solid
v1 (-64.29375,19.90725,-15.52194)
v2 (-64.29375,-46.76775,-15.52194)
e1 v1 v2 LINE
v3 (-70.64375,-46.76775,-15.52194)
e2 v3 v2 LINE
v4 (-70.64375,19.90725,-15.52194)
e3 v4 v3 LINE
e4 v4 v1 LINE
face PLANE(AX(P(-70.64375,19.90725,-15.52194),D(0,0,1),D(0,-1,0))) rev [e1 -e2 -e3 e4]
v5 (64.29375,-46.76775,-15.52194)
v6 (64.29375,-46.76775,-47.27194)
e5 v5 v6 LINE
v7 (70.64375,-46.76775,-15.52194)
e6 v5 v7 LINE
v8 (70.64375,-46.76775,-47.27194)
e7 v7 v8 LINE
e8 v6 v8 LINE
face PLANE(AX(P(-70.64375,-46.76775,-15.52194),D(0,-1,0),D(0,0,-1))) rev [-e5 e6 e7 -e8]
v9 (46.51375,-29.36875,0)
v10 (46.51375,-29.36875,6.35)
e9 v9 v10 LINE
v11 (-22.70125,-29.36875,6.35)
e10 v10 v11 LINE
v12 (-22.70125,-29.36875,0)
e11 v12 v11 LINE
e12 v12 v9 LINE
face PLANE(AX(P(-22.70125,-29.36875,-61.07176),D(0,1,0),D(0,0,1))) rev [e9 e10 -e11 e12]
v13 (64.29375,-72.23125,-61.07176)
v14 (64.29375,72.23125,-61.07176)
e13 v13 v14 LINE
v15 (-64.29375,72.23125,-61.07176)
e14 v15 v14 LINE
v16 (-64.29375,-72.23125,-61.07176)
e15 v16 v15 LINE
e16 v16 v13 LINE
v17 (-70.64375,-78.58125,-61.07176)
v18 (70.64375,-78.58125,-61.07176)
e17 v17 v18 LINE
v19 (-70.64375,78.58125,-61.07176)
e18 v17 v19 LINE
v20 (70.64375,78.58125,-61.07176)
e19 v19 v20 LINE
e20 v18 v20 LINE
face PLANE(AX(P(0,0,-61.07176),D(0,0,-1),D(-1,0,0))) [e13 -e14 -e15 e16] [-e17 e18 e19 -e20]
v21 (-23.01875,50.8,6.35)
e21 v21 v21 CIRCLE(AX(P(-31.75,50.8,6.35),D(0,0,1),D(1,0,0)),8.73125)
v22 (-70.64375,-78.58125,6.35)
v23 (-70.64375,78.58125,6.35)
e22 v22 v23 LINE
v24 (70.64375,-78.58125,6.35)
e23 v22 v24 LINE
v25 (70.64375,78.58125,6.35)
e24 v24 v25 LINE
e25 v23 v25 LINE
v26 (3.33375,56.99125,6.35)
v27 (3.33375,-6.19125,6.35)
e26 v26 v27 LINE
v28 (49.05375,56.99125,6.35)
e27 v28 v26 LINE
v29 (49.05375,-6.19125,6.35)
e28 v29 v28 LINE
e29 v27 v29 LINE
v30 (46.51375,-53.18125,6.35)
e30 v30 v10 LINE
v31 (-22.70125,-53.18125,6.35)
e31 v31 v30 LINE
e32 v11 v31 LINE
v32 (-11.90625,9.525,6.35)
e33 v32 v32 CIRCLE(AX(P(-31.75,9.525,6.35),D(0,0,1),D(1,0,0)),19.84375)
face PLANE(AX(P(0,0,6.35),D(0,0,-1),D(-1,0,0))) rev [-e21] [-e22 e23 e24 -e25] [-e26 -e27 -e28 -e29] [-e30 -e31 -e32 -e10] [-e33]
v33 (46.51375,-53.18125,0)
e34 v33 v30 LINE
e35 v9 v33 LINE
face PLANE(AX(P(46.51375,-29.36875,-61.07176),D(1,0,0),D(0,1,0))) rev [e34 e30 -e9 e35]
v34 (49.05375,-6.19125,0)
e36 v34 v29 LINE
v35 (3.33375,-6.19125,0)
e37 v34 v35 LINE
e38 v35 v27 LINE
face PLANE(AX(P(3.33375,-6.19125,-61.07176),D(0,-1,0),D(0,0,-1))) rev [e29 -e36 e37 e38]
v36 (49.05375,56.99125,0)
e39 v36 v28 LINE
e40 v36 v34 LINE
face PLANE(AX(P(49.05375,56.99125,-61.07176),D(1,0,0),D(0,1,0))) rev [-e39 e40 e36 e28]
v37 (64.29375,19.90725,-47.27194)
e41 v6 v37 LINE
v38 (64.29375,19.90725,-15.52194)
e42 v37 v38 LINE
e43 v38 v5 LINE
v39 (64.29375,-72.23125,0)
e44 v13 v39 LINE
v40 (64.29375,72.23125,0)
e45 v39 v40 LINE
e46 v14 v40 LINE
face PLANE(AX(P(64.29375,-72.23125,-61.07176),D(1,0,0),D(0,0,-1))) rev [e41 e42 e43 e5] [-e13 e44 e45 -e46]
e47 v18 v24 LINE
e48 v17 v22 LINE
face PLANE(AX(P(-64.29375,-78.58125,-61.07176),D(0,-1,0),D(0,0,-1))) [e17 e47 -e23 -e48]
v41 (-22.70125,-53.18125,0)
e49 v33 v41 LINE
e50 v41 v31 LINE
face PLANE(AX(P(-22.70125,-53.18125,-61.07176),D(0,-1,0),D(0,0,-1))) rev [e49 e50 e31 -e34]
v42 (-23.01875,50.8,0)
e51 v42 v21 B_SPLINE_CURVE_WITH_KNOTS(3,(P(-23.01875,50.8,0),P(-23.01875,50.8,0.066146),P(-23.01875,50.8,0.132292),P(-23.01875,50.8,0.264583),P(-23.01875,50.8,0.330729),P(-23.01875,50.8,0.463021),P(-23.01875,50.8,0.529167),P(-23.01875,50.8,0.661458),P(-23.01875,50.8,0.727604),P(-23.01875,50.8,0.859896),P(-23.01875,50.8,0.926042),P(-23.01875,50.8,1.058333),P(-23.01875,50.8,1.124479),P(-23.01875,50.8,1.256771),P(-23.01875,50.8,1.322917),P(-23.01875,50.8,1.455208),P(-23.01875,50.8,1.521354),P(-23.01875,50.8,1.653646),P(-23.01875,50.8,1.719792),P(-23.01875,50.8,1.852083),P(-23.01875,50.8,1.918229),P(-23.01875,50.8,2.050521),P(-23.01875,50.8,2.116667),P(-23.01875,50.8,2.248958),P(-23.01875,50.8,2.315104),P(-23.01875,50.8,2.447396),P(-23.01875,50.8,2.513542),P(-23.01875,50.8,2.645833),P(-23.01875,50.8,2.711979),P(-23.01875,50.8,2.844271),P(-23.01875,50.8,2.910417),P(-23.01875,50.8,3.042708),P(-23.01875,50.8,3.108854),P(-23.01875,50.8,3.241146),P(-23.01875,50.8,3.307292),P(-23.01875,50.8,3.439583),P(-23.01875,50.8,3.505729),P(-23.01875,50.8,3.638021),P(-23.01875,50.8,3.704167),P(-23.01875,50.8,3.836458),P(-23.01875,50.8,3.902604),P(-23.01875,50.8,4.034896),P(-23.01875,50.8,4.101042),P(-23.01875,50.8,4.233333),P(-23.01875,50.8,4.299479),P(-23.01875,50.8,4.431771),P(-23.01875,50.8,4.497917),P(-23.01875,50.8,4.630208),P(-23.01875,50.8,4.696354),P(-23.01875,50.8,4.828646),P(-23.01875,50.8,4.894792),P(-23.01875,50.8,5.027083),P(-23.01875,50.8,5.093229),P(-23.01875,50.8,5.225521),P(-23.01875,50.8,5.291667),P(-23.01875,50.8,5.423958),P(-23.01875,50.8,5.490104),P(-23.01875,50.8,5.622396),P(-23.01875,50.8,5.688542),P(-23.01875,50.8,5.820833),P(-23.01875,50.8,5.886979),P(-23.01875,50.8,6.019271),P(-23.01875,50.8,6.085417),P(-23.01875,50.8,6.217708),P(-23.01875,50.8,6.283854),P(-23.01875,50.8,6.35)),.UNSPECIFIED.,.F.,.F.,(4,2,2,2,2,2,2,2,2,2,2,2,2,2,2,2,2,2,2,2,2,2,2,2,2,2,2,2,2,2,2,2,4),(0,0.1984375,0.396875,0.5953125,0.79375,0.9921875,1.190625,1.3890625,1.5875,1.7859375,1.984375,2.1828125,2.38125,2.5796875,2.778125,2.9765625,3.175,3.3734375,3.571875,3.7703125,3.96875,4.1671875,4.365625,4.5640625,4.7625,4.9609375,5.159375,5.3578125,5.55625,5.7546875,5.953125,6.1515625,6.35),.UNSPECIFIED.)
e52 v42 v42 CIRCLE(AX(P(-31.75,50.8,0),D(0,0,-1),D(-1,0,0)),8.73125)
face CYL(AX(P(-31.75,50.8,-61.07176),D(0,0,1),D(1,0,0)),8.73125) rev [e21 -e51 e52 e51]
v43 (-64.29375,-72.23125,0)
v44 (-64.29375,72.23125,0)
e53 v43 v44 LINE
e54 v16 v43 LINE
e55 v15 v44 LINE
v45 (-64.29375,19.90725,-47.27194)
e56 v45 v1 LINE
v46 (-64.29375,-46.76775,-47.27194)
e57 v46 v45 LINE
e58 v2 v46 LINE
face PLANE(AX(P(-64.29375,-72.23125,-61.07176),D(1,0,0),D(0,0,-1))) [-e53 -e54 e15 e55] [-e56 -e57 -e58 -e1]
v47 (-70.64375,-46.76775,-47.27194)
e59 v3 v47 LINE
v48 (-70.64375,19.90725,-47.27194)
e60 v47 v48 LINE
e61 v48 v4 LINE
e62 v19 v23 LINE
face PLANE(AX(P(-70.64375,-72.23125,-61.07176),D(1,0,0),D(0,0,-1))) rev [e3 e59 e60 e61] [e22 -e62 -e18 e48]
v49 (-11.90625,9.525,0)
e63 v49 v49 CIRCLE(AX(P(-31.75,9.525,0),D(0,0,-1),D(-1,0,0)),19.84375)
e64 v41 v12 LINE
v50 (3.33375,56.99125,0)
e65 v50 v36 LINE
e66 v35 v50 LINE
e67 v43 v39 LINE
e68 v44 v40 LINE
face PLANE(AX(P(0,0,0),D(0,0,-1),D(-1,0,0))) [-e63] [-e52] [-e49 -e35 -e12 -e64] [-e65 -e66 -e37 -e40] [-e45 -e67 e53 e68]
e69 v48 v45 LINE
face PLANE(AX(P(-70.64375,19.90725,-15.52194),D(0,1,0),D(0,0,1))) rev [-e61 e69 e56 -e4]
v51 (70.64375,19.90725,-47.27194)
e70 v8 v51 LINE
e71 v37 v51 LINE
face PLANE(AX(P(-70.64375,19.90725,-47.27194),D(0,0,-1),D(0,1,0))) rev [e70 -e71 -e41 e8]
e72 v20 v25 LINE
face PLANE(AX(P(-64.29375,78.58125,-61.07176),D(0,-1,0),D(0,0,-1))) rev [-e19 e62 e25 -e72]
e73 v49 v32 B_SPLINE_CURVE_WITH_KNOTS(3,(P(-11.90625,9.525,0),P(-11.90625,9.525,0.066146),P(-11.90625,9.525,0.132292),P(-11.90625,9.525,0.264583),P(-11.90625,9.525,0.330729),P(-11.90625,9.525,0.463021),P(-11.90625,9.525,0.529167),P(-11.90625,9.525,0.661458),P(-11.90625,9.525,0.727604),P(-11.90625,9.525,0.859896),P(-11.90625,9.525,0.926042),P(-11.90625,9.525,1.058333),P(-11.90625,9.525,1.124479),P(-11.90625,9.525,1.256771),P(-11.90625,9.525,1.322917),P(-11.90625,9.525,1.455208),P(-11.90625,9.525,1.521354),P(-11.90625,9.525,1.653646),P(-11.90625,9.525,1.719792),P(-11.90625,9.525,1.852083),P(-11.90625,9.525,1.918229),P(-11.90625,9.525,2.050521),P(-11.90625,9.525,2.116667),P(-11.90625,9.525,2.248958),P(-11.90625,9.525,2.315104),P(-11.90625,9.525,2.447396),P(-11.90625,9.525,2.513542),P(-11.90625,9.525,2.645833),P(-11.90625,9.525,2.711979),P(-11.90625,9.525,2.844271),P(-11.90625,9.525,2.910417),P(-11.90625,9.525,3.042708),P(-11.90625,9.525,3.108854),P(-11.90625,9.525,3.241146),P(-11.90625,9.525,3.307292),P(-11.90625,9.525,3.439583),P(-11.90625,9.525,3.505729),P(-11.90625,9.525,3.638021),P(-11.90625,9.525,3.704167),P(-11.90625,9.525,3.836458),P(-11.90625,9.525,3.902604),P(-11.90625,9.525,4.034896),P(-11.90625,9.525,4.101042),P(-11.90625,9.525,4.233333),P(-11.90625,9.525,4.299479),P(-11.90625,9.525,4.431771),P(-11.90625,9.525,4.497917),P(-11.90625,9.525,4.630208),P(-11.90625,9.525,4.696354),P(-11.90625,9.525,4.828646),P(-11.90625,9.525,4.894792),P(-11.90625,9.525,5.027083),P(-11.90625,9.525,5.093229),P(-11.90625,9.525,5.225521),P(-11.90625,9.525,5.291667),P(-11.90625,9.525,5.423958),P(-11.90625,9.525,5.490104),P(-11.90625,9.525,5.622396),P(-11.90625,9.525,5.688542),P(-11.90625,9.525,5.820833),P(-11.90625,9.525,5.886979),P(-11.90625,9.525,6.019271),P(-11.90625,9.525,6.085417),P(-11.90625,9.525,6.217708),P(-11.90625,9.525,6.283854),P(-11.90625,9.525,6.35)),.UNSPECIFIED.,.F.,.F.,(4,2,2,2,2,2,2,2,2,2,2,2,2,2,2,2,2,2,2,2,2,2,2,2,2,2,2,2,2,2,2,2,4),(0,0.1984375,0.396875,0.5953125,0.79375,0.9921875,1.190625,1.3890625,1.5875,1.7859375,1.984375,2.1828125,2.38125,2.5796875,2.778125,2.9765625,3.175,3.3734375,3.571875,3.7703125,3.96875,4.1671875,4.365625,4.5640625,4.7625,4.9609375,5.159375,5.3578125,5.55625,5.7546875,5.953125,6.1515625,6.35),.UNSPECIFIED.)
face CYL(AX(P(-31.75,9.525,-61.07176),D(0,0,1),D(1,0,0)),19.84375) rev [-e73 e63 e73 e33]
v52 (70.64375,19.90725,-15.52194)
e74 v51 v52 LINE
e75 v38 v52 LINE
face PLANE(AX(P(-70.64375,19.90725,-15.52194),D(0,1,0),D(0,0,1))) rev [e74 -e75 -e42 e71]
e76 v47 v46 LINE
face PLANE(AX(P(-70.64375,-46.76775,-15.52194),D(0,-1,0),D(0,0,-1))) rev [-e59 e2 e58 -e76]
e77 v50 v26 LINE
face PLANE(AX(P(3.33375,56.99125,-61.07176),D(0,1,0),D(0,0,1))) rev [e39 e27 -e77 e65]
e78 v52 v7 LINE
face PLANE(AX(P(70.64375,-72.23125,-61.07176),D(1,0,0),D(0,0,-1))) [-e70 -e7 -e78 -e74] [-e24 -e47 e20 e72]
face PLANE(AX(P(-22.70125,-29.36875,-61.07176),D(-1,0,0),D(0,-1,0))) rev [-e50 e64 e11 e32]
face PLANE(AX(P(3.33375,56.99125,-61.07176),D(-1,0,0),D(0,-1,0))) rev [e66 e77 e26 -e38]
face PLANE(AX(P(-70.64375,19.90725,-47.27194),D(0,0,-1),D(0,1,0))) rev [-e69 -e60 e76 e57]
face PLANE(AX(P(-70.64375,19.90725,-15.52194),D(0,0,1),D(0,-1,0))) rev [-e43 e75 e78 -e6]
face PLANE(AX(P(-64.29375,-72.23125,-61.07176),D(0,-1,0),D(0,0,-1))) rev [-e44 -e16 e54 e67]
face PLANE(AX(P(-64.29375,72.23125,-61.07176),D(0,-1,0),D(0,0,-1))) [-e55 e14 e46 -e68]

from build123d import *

# Parameters (mm, degrees)
SKETCH1_W           = 128.5875
SKETCH1_H           = 144.4625
BOSS_EXTRUDE1_DEPTH = 61.07176
SHELL1_T            = 6.35
SKETCH2_R           = 8.73125
SKETCH2_R_2         = 19.84375
SKETCH2_W           = 45.72
SKETCH2_H           = 63.1825
SKETCH2_W_2         = 69.215
SKETCH2_H_2         = 23.8125
CUT_EXTRUDE1_DEPTH  = 126.344509202
SKETCH3_W           = 31.75
SKETCH3_H           = 66.675
CUT_EXTRUDE2_DEPTH  = 173.82051492


with BuildPart() as part:
    # Sketch1 → Boss-Extrude1 (new body)
    with BuildSketch(Plane.XY):
        Rectangle(SKETCH1_W, SKETCH1_H)
    extrude(amount=-BOSS_EXTRUDE1_DEPTH)

    # Shell1
    shell1_openings = [part.faces().sort_by_distance(p)[0] for p in [
        (0, 0, -61.07176),
    ]]
    offset(amount=SHELL1_T, openings=shell1_openings, kind=Kind.INTERSECTION)

    # Sketch2 → Cut-Extrude1 (cut, through all)
    with BuildSketch(Plane.XY.offset(6.35)):
        with Locations((-31.75, 50.8)):
            Circle(SKETCH2_R)
        with Locations((-31.75, 9.525)):
            Circle(SKETCH2_R_2)
        with Locations((26.19375, 25.4)):
            Rectangle(SKETCH2_W, SKETCH2_H)
        with Locations((11.90625, -41.275)):
            Rectangle(SKETCH2_W_2, SKETCH2_H_2)
    extrude(amount=-CUT_EXTRUDE1_DEPTH, mode=Mode.SUBTRACT)

    # Sketch3 → Cut-Extrude2 (cut, through all)
    with BuildSketch(Plane(origin=(70.64375, 0, 0), x_dir=(0, 0, -1), z_dir=(1, 0, 0))):
        with Locations((31.39694, -13.43025)):
            Rectangle(SKETCH3_W, SKETCH3_H)
    extrude(amount=-CUT_EXTRUDE2_DEPTH, mode=Mode.SUBTRACT)


solid = part.part
